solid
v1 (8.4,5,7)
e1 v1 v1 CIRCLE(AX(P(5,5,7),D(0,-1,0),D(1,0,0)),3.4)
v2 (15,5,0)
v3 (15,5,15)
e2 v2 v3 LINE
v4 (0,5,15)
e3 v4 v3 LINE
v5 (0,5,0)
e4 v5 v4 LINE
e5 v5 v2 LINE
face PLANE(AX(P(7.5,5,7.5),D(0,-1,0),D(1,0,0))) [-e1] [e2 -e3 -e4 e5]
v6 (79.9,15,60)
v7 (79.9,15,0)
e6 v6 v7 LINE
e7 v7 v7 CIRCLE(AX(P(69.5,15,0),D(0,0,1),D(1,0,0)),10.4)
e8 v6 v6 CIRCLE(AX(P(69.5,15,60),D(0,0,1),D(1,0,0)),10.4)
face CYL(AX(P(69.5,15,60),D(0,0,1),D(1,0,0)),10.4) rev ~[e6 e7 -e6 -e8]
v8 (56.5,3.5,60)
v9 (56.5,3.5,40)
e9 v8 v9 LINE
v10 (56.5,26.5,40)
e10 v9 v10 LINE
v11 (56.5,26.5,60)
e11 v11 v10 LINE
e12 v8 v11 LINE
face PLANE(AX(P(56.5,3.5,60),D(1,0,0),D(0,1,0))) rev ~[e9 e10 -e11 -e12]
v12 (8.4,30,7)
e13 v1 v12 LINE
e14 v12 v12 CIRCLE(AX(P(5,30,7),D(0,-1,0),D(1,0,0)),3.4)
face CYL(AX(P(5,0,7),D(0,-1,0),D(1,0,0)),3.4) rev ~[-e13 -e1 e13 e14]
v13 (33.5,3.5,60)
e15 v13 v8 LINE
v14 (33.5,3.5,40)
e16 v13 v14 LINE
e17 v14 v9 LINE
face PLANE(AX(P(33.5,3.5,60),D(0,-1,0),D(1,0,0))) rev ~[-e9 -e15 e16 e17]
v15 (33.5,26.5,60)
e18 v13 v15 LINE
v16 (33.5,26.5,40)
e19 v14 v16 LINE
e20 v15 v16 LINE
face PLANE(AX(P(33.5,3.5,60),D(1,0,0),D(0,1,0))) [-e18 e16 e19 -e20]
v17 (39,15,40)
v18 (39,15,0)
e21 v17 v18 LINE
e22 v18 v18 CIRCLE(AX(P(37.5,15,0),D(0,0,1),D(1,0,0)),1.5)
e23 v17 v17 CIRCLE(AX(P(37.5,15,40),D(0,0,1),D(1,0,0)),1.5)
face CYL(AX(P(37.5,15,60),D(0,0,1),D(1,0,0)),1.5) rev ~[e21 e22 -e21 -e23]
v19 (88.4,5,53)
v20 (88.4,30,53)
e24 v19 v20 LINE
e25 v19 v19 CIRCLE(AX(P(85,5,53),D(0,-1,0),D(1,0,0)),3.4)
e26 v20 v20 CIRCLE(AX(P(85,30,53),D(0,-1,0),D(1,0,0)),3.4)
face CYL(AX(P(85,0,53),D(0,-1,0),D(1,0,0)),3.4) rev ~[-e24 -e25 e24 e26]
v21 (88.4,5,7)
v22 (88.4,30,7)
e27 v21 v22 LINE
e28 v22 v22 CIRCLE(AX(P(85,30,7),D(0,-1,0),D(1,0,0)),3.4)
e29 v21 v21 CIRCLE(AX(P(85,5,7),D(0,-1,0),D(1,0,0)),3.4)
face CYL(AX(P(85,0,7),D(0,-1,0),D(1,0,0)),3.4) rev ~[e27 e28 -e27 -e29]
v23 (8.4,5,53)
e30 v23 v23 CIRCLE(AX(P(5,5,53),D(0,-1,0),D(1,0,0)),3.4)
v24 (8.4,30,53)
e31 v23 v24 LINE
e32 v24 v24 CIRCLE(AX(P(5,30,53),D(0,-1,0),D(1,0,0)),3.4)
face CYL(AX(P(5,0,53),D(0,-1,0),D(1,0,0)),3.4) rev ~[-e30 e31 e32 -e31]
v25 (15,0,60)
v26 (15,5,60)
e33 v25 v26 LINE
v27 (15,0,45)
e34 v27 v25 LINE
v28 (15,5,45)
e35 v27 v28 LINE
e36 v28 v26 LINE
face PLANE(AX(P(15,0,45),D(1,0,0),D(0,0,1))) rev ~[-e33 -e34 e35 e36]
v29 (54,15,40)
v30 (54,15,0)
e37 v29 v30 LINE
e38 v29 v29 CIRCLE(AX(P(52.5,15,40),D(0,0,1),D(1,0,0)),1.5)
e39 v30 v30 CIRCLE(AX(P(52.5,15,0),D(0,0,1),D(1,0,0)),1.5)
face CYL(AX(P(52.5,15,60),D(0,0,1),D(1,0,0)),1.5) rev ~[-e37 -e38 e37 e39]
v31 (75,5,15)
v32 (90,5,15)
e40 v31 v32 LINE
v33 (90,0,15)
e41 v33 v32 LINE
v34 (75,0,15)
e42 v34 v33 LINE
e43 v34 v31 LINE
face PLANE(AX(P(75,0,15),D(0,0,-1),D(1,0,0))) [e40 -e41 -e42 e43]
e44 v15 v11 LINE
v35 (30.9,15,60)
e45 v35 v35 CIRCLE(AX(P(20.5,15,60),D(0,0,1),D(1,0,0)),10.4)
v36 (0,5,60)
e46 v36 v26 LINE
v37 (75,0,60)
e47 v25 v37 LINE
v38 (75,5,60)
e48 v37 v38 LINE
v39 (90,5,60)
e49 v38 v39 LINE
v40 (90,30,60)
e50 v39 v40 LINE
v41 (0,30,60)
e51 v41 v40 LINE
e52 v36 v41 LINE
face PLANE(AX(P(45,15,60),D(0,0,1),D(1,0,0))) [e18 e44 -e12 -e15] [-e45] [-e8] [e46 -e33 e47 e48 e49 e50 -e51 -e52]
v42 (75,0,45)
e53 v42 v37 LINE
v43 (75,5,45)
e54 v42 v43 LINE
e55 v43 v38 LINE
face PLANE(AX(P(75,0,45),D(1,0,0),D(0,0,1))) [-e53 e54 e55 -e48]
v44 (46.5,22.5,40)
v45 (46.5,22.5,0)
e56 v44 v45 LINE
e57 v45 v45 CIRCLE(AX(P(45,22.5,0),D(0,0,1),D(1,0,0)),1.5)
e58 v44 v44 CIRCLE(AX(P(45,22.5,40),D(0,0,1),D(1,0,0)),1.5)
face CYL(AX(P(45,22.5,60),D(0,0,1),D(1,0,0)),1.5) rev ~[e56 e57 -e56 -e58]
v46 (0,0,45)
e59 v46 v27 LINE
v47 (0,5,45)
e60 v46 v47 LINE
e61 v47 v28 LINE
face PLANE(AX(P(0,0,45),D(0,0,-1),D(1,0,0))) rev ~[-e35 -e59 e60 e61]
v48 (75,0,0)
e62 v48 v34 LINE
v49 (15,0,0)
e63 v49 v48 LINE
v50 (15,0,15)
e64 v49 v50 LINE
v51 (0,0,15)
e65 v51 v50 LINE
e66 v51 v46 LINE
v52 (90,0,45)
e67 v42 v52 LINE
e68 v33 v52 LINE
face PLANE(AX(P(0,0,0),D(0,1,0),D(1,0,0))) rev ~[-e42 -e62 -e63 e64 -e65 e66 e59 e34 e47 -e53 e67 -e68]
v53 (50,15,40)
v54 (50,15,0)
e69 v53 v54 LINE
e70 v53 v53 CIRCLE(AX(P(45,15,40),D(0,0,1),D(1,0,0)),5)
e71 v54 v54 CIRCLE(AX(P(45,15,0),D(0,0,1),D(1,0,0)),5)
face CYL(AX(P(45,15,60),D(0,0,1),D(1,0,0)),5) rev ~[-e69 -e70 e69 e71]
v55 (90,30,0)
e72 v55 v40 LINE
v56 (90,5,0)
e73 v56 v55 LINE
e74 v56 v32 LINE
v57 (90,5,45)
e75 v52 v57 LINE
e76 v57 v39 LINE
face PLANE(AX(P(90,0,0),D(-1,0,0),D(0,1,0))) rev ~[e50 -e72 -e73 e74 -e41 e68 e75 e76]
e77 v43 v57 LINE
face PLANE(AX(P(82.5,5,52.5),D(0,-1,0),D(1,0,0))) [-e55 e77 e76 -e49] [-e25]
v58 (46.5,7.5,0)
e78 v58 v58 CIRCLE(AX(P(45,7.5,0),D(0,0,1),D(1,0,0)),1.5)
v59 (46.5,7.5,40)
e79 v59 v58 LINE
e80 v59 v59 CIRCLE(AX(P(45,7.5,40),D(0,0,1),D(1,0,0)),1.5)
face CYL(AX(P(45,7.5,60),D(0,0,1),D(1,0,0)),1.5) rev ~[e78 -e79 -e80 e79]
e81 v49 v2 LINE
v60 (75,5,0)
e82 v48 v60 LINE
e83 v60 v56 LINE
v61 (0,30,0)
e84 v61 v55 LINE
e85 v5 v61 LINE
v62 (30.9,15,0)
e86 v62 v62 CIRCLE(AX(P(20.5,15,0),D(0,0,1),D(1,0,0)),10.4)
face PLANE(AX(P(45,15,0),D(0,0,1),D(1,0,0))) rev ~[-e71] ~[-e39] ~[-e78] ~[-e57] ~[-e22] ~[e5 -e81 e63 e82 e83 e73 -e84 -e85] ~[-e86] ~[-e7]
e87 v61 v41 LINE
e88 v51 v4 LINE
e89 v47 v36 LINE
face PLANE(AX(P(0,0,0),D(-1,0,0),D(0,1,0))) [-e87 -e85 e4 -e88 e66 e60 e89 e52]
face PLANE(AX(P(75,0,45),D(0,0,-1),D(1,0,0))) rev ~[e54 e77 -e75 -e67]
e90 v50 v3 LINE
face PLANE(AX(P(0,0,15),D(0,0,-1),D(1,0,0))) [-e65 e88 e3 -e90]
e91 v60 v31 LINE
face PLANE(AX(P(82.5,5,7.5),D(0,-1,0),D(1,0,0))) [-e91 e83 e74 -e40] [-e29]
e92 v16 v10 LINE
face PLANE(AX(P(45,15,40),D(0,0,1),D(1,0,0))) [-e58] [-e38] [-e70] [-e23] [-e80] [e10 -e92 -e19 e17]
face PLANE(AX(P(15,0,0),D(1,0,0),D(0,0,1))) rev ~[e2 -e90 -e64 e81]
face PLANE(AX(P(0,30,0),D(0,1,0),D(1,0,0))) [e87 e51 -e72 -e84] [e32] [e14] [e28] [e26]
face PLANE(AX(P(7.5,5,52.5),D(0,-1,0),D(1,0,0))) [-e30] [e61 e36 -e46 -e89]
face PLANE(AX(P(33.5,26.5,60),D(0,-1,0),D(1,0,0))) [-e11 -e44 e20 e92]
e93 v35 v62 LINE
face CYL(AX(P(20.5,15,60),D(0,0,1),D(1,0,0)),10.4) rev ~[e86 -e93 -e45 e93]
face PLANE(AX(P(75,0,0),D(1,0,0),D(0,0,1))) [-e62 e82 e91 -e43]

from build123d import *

# Parameters (mm, degrees)
SKETCH_W        = 90
SKETCH_H        = 30
PAD_DEPTH       = 60
SKETCH001_R     = 5
SKETCH001_R_2   = 1.5
SKETCH001_R_3   = 10.4
POCKET_DEPTH    = 60
SKETCH002_R     = 3.4
POCKET001_DEPTH = 30
SKETCH003_W     = 23
SKETCH003_H     = 23
POCKET002_DEPTH = 20
SKETCH004_W     = 15
SKETCH004_H     = 15
POCKET003_DEPTH = 5


with BuildPart() as part:
    # Sketch → Pad (new body)
    with BuildSketch(Plane.XY):
        with Locations((45, 15)):
            Rectangle(SKETCH_W, SKETCH_H)
    extrude(amount=PAD_DEPTH)

    # Sketch001 (on Face6 of Pad) → Pocket (cut)
    with BuildSketch(Plane.XY.offset(60)):
        with Locations((45, 15)):
            Circle(SKETCH001_R)
        with Locations((45, 22.5)):
            Circle(SKETCH001_R_2)
        with Locations((37.5, 15)):
            Circle(SKETCH001_R_2)
        with Locations((45, 7.5)):
            Circle(SKETCH001_R_2)
        with Locations((52.5, 15)):
            Circle(SKETCH001_R_2)
        with Locations((20.5, 15)):
            Circle(SKETCH001_R_3)
        with Locations((69.5, 15)):
            Circle(SKETCH001_R_3)
    extrude(amount=-POCKET_DEPTH, mode=Mode.SUBTRACT)

    # Sketch002 (on Face6 of Pocket) → Pocket001 (cut)
    with BuildSketch(Plane.XZ):
        with Locations((5, 53)):
            Circle(SKETCH002_R)
        with Locations((5, 7)):
            Circle(SKETCH002_R)
        with Locations((85, 53)):
            Circle(SKETCH002_R)
        with Locations((85, 7)):
            Circle(SKETCH002_R)
    extrude(amount=-POCKET001_DEPTH, mode=Mode.SUBTRACT)

    # Sketch003 (on Face4 of Pocket001) → Pocket002 (cut)
    with BuildSketch(Plane.XY.offset(60)):
        with Locations((45, 15)):
            Rectangle(SKETCH003_W, SKETCH003_H)
    extrude(amount=-POCKET002_DEPTH, mode=Mode.SUBTRACT)

    # Sketch004 (on Face10 of Pocket002) → Pocket003 (cut)
    with BuildSketch(Plane.XZ):
        with Locations((7.5, 52.5)):
            Rectangle(SKETCH004_W, SKETCH004_H)
        with Locations((82.5, 52.5)):
            Rectangle(SKETCH004_W, SKETCH004_H)
        with Locations((82.5, 7.5)):
            Rectangle(SKETCH004_W, SKETCH004_H)
        with Locations((7.5, 7.5)):
            Rectangle(SKETCH004_W, SKETCH004_H)
    extrude(amount=-POCKET003_DEPTH, mode=Mode.SUBTRACT)


solid = part.part
